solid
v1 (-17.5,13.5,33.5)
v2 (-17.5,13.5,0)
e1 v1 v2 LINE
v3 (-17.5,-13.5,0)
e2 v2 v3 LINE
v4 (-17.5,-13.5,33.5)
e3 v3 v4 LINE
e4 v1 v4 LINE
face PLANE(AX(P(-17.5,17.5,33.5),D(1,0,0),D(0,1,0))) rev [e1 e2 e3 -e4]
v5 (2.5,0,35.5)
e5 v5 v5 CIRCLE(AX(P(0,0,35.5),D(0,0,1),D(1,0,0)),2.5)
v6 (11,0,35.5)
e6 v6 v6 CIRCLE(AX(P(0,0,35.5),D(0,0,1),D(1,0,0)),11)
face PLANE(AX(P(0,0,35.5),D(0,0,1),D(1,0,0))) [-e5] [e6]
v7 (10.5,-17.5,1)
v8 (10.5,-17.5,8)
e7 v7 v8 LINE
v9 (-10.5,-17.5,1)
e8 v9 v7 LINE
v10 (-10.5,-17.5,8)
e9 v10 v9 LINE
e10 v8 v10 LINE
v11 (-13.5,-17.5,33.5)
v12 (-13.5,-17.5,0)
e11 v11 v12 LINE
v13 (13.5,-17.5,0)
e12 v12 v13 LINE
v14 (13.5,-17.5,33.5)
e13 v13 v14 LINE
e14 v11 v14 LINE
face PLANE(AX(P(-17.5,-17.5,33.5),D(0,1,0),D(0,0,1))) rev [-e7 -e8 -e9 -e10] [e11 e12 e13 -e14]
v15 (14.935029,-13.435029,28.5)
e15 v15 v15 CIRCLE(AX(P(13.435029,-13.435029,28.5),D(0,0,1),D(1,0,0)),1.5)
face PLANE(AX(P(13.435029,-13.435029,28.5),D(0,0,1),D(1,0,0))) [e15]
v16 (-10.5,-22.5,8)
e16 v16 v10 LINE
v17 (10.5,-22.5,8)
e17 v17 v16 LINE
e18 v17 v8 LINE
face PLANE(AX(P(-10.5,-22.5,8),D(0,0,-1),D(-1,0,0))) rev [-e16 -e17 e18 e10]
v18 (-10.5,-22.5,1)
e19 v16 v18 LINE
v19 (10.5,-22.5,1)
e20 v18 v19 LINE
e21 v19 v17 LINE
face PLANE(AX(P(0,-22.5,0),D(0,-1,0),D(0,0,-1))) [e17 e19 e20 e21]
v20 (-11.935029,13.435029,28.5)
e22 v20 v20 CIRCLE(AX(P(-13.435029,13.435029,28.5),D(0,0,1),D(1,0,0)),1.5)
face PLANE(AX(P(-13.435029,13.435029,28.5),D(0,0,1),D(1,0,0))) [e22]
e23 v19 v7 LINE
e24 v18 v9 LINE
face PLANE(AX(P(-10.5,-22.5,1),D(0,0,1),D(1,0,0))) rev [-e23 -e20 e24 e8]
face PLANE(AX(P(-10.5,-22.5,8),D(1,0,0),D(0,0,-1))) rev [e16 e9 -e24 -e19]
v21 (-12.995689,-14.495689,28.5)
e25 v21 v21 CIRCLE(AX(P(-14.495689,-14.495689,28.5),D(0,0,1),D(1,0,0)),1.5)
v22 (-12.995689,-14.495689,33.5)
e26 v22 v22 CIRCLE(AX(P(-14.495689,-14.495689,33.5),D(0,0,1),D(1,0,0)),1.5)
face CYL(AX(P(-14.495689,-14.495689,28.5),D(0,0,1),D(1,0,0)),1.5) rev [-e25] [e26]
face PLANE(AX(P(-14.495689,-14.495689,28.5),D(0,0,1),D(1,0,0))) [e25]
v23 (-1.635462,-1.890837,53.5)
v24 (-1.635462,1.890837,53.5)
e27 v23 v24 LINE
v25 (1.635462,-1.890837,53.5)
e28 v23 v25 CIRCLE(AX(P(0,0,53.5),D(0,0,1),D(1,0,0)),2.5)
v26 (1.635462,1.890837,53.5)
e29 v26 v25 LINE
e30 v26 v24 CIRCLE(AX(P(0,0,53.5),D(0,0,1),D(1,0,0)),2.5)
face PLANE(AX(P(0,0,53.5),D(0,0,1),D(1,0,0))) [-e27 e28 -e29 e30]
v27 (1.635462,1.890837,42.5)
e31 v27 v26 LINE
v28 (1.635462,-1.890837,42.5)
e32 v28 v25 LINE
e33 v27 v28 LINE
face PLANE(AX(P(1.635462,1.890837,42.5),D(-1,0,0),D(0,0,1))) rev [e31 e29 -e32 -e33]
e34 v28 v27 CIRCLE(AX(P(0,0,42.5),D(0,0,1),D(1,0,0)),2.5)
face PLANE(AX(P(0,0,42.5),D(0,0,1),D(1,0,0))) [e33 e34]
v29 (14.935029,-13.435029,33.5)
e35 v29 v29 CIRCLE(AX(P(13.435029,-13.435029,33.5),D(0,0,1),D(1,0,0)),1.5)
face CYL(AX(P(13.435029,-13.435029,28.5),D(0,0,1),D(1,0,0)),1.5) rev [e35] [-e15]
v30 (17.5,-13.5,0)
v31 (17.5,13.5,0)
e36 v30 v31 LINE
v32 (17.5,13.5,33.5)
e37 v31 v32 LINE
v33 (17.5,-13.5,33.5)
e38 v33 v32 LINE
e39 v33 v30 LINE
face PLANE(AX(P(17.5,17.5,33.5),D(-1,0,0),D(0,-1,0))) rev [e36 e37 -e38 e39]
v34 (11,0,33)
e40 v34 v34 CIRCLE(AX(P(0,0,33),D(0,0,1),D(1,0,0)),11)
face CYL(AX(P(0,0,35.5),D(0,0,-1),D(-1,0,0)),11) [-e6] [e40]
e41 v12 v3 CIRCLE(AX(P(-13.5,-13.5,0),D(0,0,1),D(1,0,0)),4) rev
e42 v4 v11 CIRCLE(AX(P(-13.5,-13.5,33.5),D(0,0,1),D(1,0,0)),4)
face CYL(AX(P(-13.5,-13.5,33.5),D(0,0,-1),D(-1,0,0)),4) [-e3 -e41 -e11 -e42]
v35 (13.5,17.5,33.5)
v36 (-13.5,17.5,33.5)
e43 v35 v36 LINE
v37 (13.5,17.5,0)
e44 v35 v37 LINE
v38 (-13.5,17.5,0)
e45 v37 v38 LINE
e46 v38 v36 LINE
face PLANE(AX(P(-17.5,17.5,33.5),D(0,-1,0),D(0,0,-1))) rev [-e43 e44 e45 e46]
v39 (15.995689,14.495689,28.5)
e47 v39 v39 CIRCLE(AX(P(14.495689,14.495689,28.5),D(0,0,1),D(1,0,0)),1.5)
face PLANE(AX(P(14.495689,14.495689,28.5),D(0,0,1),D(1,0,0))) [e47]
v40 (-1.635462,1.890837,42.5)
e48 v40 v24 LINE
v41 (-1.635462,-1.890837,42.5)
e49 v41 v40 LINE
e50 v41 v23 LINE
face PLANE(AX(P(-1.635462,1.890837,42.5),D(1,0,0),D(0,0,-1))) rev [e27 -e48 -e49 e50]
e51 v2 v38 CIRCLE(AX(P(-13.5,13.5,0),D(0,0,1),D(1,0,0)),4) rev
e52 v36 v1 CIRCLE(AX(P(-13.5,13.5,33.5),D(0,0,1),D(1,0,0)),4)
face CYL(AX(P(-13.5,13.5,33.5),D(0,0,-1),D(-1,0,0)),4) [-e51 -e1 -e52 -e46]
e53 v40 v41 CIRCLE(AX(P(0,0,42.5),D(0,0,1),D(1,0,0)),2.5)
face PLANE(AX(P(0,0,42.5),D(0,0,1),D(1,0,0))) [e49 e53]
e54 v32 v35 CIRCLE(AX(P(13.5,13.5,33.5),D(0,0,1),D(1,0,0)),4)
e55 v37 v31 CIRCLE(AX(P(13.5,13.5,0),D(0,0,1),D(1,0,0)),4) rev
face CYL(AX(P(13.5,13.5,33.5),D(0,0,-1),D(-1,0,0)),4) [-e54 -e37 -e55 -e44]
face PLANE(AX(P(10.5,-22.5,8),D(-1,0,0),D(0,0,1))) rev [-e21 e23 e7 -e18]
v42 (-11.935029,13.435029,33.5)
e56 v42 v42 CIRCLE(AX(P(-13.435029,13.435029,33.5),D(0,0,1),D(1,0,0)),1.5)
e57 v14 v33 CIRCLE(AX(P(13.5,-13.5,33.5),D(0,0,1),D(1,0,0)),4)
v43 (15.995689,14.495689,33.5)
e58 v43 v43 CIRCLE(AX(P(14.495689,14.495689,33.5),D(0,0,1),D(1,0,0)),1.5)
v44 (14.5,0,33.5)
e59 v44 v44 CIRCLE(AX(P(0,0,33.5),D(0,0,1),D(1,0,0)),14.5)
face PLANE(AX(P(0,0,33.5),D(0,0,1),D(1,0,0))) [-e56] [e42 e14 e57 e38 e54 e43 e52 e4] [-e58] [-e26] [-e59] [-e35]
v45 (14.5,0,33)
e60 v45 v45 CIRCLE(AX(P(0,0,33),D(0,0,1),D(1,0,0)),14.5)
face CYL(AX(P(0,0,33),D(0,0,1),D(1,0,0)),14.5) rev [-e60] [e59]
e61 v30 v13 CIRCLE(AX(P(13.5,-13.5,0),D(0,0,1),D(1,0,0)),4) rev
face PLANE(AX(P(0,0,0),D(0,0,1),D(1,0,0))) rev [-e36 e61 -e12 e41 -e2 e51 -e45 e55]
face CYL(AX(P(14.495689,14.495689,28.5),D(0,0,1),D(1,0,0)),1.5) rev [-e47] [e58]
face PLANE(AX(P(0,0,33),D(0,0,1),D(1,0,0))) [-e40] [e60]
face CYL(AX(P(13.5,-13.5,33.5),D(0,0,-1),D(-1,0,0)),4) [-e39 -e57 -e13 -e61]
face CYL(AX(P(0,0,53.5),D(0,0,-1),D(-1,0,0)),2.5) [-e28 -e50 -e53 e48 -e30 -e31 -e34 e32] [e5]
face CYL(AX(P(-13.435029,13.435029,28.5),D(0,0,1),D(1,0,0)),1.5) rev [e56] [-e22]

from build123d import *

# Parameters (mm, degrees)
SKETCH1_W           = 35
SKETCH1_H           = 35
BOSS_EXTRUDE1_DEPTH = 33.5
SKETCH2_R           = 11
BOSS_EXTRUDE2_DEPTH = 2
CUT_EXTRUDE1_START  = -0.5
SKETCH3_R           = 14.5
SKETCH3_R_2         = 11
CUT_EXTRUDE1_DEPTH  = 0.5
FILLET1_R           = 4
SKETCH4_R           = 1.5
CUT_EXTRUDE2_DEPTH  = 5
SKETCH5_R           = 2.5
BOSS_EXTRUDE3_DEPTH = 18
CUT_EXTRUDE3_START  = -11
CUT_EXTRUDE3_DEPTH  = 11
SKETCH7_W           = 21
SKETCH7_H           = 7
BOSS_EXTRUDE4_DEPTH = 5


with BuildPart() as part:
    # Sketch1 → Boss-Extrude1 (new body)
    with BuildSketch(Plane.XY):
        Rectangle(SKETCH1_W, SKETCH1_H)
    extrude(amount=BOSS_EXTRUDE1_DEPTH)

    # Sketch2 → Boss-Extrude2 (add)
    with BuildSketch(Plane.XY.offset(33.5)):
        Circle(SKETCH2_R)
    extrude(amount=BOSS_EXTRUDE2_DEPTH)

    # Sketch3 → Cut-Extrude1 (cut)
    with BuildSketch(Plane.XY.offset(33.5).offset(CUT_EXTRUDE1_START)):
        Circle(SKETCH3_R)
        Circle(SKETCH3_R_2, mode=Mode.SUBTRACT)
    extrude(amount=CUT_EXTRUDE1_DEPTH, mode=Mode.SUBTRACT)

    # Fillet1
    fillet1_edges = [part.edges().sort_by_distance(p)[0] for p in [
        (17.5, -17.5, 16.75),
        (-17.5, -17.5, 16.75),
        (-17.5, 17.5, 16.75),
        (17.5, 17.5, 16.75),
    ]]
    fillet(fillet1_edges, radius=FILLET1_R)

    # Sketch4 → Cut-Extrude2 (cut)
    with BuildSketch(Plane.XY.offset(33.5)):
        with Locations((14.495689014, 14.495689014)):
            Circle(SKETCH4_R)
        with Locations((-14.495689014, -14.495689014)):
            Circle(SKETCH4_R)
        with Locations((-13.435028843, 13.435028843)):
            Circle(SKETCH4_R)
        with Locations((13.435028843, -13.435028843)):
            Circle(SKETCH4_R)
    extrude(amount=-CUT_EXTRUDE2_DEPTH, mode=Mode.SUBTRACT)

    # Sketch5 → Boss-Extrude3 (add)
    with BuildSketch(Plane.XY.offset(35.5)):
        Circle(SKETCH5_R)
    extrude(amount=BOSS_EXTRUDE3_DEPTH)

    # Sketch6 → Cut-Extrude3 (cut)
    with BuildSketch(Plane.XY.offset(53.5).offset(CUT_EXTRUDE3_START)):
        with BuildLine():
            Line((1.63546218, 1.890836708), (1.63546218, -1.890836708))
            ThreePointArc((1.63546218, -1.890836708), (2.5, 0), (1.63546218, 1.890836708))
        make_face()
        with BuildLine():
            Line((-1.63546218, 1.890836708), (-1.63546218, -1.890836708))
            ThreePointArc((-1.63546218, -1.890836708), (-2.5, 0), (-1.63546218, 1.890836708))
        make_face()
    extrude(amount=CUT_EXTRUDE3_DEPTH, mode=Mode.SUBTRACT)

    # Sketch7 → Boss-Extrude4 (add)
    with BuildSketch(Plane.XZ.offset(17.5)):
        with Locations((0, 4.5)):
            Rectangle(SKETCH7_W, SKETCH7_H)
    extrude(amount=BOSS_EXTRUDE4_DEPTH)


solid = part.part
